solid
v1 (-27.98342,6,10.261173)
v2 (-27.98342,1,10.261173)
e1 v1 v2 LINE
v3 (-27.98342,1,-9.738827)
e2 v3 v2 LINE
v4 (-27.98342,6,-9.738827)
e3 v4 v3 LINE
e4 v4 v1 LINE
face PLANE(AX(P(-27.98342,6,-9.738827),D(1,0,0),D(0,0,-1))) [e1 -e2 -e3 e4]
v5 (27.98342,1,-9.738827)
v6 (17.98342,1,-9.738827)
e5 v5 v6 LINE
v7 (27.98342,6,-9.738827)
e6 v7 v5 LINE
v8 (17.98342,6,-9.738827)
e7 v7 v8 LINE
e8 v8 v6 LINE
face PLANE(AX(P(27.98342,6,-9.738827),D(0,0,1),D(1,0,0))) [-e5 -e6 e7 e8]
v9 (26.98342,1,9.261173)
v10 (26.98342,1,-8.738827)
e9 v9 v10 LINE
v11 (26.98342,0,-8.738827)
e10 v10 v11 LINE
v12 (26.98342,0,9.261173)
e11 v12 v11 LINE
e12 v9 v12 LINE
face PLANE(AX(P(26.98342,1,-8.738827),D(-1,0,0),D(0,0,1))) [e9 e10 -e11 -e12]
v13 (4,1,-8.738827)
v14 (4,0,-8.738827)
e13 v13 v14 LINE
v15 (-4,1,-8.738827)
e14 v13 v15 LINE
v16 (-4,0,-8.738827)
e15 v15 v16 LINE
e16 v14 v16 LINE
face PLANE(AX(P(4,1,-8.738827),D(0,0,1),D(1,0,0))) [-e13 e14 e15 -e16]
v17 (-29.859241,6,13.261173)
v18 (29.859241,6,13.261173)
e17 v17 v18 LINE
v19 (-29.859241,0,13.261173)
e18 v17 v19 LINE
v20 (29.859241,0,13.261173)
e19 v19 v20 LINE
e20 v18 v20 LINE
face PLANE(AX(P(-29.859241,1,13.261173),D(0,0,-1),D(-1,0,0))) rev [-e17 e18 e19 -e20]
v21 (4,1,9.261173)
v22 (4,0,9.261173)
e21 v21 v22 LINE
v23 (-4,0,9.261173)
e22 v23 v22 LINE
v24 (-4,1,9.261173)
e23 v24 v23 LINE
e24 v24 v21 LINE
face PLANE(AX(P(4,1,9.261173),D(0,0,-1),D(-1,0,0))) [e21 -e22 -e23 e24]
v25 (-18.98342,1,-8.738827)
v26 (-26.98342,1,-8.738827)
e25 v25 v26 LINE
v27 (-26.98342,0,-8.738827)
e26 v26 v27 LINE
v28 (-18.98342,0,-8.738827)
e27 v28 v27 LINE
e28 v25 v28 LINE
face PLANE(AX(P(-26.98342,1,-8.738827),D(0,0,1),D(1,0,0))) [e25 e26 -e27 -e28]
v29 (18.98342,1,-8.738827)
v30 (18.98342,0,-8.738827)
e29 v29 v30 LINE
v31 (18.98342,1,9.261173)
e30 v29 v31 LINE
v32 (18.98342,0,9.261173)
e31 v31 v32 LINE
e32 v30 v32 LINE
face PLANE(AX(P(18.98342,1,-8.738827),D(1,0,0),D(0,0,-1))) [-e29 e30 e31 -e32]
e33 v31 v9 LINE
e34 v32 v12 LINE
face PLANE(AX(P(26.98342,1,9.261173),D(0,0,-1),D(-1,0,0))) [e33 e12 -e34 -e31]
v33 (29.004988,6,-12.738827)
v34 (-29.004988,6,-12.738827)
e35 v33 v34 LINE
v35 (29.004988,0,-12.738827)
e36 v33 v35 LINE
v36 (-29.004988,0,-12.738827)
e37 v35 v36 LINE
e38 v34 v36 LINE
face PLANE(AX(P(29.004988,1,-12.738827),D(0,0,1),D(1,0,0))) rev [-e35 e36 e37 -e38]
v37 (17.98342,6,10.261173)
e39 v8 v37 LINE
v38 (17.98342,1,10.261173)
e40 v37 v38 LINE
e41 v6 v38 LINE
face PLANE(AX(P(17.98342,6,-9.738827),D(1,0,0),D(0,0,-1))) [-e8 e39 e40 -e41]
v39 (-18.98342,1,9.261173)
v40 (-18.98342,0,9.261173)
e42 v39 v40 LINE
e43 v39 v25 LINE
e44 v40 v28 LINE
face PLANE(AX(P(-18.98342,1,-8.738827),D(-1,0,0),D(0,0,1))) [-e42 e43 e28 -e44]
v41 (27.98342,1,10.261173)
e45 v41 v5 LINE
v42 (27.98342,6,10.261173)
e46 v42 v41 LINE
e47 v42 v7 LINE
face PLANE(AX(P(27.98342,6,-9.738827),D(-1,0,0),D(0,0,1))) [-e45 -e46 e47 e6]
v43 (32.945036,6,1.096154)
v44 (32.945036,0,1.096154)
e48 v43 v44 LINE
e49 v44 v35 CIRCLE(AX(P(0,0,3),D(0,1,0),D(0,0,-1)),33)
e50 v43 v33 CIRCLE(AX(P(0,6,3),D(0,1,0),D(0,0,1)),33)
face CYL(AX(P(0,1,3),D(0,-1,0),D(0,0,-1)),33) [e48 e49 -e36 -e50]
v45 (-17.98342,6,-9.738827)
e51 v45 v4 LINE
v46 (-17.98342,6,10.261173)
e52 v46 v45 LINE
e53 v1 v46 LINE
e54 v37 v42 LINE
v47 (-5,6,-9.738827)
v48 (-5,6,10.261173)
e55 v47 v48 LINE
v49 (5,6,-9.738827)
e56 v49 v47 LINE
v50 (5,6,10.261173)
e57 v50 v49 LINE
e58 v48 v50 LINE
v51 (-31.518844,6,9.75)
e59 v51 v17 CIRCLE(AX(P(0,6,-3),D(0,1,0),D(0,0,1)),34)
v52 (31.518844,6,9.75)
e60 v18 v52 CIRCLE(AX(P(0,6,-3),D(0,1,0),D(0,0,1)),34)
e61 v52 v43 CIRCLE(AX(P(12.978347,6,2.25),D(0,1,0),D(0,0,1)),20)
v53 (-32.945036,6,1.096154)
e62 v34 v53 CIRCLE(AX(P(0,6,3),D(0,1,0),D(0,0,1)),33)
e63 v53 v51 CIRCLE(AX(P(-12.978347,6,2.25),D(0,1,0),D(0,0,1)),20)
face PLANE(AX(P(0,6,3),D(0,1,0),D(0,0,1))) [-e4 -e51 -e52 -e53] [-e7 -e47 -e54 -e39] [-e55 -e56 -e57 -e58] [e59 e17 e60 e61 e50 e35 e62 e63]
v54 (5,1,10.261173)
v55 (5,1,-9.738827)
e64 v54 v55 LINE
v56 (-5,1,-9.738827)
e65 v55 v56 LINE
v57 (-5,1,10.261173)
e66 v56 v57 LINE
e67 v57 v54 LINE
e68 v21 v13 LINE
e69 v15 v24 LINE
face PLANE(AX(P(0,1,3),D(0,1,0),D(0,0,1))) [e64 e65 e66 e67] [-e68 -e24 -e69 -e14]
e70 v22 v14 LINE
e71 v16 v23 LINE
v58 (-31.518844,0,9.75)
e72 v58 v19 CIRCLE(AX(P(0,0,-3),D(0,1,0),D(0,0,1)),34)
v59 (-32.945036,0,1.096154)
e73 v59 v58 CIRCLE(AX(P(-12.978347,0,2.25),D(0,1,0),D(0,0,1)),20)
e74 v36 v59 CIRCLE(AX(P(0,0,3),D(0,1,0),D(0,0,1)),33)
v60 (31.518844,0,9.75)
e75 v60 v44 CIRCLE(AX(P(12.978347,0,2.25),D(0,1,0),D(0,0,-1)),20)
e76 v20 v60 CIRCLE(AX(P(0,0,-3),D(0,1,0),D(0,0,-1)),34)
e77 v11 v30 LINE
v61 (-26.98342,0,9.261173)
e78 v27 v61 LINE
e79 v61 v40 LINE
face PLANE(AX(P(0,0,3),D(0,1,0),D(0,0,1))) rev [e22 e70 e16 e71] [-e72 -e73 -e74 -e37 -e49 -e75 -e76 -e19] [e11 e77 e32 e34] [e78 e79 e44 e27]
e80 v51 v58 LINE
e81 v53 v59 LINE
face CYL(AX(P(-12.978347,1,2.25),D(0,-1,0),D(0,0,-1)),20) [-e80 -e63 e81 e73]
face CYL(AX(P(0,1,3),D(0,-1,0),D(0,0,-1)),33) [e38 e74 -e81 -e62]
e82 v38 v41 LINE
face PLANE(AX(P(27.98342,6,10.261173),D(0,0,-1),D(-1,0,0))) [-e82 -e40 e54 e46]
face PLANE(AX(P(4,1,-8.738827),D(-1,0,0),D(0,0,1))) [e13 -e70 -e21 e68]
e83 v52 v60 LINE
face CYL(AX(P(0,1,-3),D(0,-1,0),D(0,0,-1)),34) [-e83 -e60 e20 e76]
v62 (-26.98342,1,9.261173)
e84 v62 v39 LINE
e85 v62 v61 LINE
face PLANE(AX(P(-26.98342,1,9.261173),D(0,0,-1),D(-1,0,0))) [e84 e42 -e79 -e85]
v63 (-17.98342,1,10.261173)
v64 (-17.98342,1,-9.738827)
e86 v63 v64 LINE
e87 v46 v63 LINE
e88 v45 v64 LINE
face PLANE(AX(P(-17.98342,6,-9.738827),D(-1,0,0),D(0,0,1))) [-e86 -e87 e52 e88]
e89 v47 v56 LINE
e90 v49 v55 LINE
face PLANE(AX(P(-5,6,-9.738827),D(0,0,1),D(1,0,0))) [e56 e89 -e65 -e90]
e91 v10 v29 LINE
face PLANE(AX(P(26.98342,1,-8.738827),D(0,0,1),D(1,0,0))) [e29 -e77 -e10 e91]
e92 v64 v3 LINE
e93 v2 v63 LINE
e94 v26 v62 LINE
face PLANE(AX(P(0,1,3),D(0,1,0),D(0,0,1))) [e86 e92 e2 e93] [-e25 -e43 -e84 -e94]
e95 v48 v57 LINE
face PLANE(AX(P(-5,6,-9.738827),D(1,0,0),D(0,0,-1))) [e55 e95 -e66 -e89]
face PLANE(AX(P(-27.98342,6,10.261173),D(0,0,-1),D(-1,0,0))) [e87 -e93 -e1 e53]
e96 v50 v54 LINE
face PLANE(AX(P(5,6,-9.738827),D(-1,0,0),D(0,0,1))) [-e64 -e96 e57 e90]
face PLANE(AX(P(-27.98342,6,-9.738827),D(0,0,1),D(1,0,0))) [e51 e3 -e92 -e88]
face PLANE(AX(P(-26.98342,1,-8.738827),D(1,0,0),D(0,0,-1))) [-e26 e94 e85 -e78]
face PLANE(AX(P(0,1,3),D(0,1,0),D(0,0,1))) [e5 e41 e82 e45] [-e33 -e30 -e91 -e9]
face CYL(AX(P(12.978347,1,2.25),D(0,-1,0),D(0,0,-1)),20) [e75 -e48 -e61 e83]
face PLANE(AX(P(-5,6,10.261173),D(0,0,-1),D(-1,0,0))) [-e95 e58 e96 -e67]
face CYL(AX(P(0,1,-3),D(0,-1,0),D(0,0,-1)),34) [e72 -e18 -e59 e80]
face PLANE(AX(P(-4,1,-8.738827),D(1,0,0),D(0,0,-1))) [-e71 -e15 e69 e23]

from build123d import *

# Parameters (mm, degrees)
ESQUISSE1_W        = 8
ESQUISSE1_H        = 18
BOSS_EXTRU_1_DEPTH = 1
ESQUISSE2_W        = 10
ESQUISSE2_H        = 20
BOSS_EXTRU_2_DEPTH = 5


with BuildPart() as part:
    # Esquisse1 → Boss.-Extru.1 (new body)
    with BuildSketch(Plane(origin=(0, 0, 0), x_dir=(1, 0, 0), z_dir=(0, 1, 0))):
        with BuildLine():
            Line((29.004988077, 12.738826724), (-29.004988077, 12.738826724))
            ThreePointArc((-29.004988077, 12.738826724), (-31.738037586, 6.038637628), (-32.945035587, -1.096153846))
            ThreePointArc((-32.945035587, -1.096153846), (-32.712152787, -5.502218178), (-31.51884357, -9.75))
            ThreePointArc((-31.51884357, -9.75), (-30.739215763, -11.52930192), (-29.859240507, -13.261173276))
            Line((-29.859240507, -13.261173276), (29.859240507, -13.261173276))
            ThreePointArc((29.859240507, -13.261173276), (30.739215763, -11.52930192), (31.51884357, -9.75))
            ThreePointArc((31.51884357, -9.75), (32.712152787, -5.502218178), (32.945035587, -1.096153846))
            ThreePointArc((32.945035587, -1.096153846), (31.738037586, 6.038637628), (29.004988077, 12.738826724))
        make_face()
        with Locations((22.983419658, -0.261173276)):
            Rectangle(ESQUISSE1_W, ESQUISSE1_H, mode=Mode.SUBTRACT)
        with Locations((-22.983419658, -0.261173276)):
            Rectangle(ESQUISSE1_W, ESQUISSE1_H, mode=Mode.SUBTRACT)
        with Locations((0, -0.261173276)):
            Rectangle(ESQUISSE1_W, ESQUISSE1_H, mode=Mode.SUBTRACT)
    extrude(amount=BOSS_EXTRU_1_DEPTH)

    # Esquisse2 → Boss.-Extru.2 (add)
    with BuildSketch(Plane(origin=(0, 1, 0), x_dir=(1, 0, 0), z_dir=(0, 1, 0))):
        with BuildLine():
            Line((-29.004988077, 12.738826724), (29.004988077, 12.738826724))
            ThreePointArc((29.004988077, 12.738826724), (31.738037586, 6.038637628), (32.945035587, -1.096153846))
            ThreePointArc((32.945035587, -1.096153846), (32.712152787, -5.502218178), (31.51884357, -9.75))
            ThreePointArc((31.51884357, -9.75), (30.739215763, -11.52930192), (29.859240507, -13.261173276))
            Line((29.859240507, -13.261173276), (0, -13.261173276))
            Line((0, -13.261173276), (-29.859240507, -13.261173276))
            ThreePointArc((-29.859240507, -13.261173276), (-30.739215763, -11.52930192), (-31.51884357, -9.75))
            ThreePointArc((-31.51884357, -9.75), (-32.712152787, -5.502218178), (-32.945035587, -1.096153846))
            ThreePointArc((-32.945035587, -1.096153846), (-31.738037586, 6.038637628), (-29.004988077, 12.738826724))
        make_face()
        with Locations((-22.983419658, -0.261173276)):
            Rectangle(ESQUISSE2_W, ESQUISSE2_H, mode=Mode.SUBTRACT)
        with Locations((22.983419658, -0.261173276)):
            Rectangle(ESQUISSE2_W, ESQUISSE2_H, mode=Mode.SUBTRACT)
        with Locations((0, -0.261173276)):
            Rectangle(ESQUISSE2_W, ESQUISSE2_H, mode=Mode.SUBTRACT)
    extrude(amount=BOSS_EXTRU_2_DEPTH)


solid = part.part
